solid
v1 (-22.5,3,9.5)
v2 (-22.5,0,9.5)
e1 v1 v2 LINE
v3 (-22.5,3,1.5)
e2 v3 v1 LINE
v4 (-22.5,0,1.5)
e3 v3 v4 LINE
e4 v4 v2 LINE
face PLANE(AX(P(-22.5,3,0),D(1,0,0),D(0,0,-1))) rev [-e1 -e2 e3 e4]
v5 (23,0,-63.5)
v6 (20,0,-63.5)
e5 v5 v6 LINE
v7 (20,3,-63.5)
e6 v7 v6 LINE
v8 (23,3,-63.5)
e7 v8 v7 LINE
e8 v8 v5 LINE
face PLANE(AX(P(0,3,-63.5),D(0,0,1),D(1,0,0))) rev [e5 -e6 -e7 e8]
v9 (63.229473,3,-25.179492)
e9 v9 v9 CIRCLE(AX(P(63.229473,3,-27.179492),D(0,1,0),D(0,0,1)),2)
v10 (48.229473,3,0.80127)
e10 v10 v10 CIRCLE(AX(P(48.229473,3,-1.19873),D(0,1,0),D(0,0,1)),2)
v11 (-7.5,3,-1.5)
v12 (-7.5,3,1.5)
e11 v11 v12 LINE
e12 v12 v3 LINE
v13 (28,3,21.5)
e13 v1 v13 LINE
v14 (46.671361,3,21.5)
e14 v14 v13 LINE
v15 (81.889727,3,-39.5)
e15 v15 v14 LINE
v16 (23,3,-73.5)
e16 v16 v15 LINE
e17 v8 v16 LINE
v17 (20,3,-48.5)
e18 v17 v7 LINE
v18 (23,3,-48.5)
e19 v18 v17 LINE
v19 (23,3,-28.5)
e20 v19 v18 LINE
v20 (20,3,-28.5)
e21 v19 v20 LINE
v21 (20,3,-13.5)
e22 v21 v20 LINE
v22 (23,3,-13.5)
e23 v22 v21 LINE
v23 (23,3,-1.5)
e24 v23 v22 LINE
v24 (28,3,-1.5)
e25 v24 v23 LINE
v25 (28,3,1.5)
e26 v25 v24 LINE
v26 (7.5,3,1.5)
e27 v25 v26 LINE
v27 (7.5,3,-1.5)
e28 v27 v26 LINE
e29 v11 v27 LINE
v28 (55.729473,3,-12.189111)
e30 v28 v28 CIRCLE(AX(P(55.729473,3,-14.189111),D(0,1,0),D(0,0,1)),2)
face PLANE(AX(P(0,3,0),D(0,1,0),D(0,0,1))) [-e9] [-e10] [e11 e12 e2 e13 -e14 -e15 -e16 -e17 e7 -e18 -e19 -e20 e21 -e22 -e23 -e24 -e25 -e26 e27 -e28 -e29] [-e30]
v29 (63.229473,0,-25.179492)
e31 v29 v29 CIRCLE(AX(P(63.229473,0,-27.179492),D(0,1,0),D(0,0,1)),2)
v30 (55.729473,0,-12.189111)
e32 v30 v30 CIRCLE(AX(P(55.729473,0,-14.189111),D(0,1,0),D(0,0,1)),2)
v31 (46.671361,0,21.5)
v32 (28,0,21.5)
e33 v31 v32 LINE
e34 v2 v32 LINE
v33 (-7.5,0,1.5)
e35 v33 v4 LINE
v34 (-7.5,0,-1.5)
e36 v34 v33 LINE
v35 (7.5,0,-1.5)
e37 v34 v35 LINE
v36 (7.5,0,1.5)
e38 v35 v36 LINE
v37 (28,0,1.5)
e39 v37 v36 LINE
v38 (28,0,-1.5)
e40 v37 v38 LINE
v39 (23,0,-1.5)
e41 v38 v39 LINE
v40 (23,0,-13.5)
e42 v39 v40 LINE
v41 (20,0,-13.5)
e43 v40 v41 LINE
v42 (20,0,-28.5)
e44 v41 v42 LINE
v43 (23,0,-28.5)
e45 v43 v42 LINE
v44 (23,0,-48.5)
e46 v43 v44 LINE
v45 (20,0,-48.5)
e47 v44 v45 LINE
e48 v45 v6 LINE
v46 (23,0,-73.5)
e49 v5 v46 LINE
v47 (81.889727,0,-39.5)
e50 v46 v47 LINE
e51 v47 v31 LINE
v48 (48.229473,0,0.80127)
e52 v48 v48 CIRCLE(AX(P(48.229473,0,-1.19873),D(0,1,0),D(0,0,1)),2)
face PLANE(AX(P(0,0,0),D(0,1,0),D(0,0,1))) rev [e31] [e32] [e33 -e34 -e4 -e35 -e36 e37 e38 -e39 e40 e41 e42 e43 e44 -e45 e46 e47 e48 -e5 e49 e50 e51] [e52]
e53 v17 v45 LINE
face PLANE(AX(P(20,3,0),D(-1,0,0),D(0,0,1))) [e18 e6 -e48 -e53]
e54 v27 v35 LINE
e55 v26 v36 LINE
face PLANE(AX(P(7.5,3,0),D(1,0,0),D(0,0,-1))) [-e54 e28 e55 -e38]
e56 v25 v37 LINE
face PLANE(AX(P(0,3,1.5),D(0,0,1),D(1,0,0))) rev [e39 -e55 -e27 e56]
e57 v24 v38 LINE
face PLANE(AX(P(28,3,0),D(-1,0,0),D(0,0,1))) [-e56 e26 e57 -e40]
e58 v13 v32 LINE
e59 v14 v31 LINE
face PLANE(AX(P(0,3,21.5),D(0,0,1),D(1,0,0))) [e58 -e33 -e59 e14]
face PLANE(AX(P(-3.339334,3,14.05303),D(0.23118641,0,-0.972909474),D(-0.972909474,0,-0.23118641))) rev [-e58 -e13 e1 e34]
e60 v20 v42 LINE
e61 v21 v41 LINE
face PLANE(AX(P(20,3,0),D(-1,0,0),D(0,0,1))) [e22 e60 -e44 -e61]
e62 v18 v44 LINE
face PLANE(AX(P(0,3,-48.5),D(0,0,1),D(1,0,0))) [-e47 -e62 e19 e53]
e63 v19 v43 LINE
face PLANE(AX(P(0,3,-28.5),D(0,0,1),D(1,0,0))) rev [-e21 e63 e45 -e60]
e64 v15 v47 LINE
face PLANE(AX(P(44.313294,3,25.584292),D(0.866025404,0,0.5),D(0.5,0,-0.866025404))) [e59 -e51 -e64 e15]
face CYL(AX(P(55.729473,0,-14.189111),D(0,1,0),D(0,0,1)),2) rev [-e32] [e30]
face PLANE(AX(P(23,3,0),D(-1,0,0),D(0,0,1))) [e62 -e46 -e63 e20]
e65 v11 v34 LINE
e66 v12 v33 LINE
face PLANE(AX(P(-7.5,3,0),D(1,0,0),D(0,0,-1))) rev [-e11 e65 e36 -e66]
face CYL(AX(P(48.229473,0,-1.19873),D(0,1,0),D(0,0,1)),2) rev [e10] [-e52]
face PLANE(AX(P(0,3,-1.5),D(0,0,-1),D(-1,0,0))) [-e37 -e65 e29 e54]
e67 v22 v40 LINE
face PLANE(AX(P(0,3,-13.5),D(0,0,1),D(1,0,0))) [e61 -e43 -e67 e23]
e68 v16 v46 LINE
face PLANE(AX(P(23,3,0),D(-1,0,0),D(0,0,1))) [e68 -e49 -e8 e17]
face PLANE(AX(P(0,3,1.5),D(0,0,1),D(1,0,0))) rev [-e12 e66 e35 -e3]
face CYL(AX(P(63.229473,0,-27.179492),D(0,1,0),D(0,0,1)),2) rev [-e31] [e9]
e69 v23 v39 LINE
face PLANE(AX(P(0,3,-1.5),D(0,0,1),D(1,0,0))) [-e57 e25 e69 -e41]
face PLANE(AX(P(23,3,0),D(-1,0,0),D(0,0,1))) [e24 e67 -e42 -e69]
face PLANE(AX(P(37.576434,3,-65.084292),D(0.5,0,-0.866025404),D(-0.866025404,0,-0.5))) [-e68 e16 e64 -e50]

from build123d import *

# Parameters (mm, degrees)
SKETCH_1_W          = 15
SKETCH_1_H          = 3
SKETCH_1_W_2        = 3
SKETCH_1_H_2        = 15
EXTRUDE_1_DEPTH     = 3
SKETCH_2_R          = 2
CUT_EXTRUDE_1_DEPTH = 3


with BuildPart() as part:
    # 草图1 → 凸台-拉伸1 (new body)
    with BuildSketch(Plane(origin=(0, 0, 0), x_dir=(1, 0, 0), z_dir=(0, 1, 0))):
        Polygon((28, -21.5), (28, -1.5), (7.5, -1.5), (-7.5, -1.5), (-22.5, -1.5), align=None)
        Rectangle(SKETCH_1_W, SKETCH_1_H)
        with Locations((21.5, 21)):
            Rectangle(SKETCH_1_W_2, SKETCH_1_H_2)
        with Locations((21.5, 56)):
            Rectangle(SKETCH_1_W_2, SKETCH_1_H_2)
        Polygon((46.671361037, -21.5), (28, -21.5), (28, -1.5), (28, 1.5), (23, 1.5), (23, 13.5), (23, 28.5), (23, 48.5), (23, 63.5), (23, 73.5), (81.889727457, 39.5), align=None)
        Polygon((-22.5, -1.5), (-22.5, -9.5), (28, -21.5), align=None)
    extrude(amount=EXTRUDE_1_DEPTH)

    # 草图2 → 切除-拉伸1 (cut)
    with BuildSketch(Plane(origin=(0, 3, 0), x_dir=(1, 0, 0), z_dir=(0, 1, 0))):
        with Locations(Location((63.229473419, 27.179491924, 0), (0, 0, 270))):
            Circle(SKETCH_2_R)
        with Locations(Location((55.729473419, 14.189110868, 0), (0, 0, 270))):
            Circle(SKETCH_2_R)
        with Locations(Location((48.229473419, 1.198729811, 0), (0, 0, 270))):
            Circle(SKETCH_2_R)
    extrude(amount=-CUT_EXTRUDE_1_DEPTH, mode=Mode.SUBTRACT)


solid = part.part
